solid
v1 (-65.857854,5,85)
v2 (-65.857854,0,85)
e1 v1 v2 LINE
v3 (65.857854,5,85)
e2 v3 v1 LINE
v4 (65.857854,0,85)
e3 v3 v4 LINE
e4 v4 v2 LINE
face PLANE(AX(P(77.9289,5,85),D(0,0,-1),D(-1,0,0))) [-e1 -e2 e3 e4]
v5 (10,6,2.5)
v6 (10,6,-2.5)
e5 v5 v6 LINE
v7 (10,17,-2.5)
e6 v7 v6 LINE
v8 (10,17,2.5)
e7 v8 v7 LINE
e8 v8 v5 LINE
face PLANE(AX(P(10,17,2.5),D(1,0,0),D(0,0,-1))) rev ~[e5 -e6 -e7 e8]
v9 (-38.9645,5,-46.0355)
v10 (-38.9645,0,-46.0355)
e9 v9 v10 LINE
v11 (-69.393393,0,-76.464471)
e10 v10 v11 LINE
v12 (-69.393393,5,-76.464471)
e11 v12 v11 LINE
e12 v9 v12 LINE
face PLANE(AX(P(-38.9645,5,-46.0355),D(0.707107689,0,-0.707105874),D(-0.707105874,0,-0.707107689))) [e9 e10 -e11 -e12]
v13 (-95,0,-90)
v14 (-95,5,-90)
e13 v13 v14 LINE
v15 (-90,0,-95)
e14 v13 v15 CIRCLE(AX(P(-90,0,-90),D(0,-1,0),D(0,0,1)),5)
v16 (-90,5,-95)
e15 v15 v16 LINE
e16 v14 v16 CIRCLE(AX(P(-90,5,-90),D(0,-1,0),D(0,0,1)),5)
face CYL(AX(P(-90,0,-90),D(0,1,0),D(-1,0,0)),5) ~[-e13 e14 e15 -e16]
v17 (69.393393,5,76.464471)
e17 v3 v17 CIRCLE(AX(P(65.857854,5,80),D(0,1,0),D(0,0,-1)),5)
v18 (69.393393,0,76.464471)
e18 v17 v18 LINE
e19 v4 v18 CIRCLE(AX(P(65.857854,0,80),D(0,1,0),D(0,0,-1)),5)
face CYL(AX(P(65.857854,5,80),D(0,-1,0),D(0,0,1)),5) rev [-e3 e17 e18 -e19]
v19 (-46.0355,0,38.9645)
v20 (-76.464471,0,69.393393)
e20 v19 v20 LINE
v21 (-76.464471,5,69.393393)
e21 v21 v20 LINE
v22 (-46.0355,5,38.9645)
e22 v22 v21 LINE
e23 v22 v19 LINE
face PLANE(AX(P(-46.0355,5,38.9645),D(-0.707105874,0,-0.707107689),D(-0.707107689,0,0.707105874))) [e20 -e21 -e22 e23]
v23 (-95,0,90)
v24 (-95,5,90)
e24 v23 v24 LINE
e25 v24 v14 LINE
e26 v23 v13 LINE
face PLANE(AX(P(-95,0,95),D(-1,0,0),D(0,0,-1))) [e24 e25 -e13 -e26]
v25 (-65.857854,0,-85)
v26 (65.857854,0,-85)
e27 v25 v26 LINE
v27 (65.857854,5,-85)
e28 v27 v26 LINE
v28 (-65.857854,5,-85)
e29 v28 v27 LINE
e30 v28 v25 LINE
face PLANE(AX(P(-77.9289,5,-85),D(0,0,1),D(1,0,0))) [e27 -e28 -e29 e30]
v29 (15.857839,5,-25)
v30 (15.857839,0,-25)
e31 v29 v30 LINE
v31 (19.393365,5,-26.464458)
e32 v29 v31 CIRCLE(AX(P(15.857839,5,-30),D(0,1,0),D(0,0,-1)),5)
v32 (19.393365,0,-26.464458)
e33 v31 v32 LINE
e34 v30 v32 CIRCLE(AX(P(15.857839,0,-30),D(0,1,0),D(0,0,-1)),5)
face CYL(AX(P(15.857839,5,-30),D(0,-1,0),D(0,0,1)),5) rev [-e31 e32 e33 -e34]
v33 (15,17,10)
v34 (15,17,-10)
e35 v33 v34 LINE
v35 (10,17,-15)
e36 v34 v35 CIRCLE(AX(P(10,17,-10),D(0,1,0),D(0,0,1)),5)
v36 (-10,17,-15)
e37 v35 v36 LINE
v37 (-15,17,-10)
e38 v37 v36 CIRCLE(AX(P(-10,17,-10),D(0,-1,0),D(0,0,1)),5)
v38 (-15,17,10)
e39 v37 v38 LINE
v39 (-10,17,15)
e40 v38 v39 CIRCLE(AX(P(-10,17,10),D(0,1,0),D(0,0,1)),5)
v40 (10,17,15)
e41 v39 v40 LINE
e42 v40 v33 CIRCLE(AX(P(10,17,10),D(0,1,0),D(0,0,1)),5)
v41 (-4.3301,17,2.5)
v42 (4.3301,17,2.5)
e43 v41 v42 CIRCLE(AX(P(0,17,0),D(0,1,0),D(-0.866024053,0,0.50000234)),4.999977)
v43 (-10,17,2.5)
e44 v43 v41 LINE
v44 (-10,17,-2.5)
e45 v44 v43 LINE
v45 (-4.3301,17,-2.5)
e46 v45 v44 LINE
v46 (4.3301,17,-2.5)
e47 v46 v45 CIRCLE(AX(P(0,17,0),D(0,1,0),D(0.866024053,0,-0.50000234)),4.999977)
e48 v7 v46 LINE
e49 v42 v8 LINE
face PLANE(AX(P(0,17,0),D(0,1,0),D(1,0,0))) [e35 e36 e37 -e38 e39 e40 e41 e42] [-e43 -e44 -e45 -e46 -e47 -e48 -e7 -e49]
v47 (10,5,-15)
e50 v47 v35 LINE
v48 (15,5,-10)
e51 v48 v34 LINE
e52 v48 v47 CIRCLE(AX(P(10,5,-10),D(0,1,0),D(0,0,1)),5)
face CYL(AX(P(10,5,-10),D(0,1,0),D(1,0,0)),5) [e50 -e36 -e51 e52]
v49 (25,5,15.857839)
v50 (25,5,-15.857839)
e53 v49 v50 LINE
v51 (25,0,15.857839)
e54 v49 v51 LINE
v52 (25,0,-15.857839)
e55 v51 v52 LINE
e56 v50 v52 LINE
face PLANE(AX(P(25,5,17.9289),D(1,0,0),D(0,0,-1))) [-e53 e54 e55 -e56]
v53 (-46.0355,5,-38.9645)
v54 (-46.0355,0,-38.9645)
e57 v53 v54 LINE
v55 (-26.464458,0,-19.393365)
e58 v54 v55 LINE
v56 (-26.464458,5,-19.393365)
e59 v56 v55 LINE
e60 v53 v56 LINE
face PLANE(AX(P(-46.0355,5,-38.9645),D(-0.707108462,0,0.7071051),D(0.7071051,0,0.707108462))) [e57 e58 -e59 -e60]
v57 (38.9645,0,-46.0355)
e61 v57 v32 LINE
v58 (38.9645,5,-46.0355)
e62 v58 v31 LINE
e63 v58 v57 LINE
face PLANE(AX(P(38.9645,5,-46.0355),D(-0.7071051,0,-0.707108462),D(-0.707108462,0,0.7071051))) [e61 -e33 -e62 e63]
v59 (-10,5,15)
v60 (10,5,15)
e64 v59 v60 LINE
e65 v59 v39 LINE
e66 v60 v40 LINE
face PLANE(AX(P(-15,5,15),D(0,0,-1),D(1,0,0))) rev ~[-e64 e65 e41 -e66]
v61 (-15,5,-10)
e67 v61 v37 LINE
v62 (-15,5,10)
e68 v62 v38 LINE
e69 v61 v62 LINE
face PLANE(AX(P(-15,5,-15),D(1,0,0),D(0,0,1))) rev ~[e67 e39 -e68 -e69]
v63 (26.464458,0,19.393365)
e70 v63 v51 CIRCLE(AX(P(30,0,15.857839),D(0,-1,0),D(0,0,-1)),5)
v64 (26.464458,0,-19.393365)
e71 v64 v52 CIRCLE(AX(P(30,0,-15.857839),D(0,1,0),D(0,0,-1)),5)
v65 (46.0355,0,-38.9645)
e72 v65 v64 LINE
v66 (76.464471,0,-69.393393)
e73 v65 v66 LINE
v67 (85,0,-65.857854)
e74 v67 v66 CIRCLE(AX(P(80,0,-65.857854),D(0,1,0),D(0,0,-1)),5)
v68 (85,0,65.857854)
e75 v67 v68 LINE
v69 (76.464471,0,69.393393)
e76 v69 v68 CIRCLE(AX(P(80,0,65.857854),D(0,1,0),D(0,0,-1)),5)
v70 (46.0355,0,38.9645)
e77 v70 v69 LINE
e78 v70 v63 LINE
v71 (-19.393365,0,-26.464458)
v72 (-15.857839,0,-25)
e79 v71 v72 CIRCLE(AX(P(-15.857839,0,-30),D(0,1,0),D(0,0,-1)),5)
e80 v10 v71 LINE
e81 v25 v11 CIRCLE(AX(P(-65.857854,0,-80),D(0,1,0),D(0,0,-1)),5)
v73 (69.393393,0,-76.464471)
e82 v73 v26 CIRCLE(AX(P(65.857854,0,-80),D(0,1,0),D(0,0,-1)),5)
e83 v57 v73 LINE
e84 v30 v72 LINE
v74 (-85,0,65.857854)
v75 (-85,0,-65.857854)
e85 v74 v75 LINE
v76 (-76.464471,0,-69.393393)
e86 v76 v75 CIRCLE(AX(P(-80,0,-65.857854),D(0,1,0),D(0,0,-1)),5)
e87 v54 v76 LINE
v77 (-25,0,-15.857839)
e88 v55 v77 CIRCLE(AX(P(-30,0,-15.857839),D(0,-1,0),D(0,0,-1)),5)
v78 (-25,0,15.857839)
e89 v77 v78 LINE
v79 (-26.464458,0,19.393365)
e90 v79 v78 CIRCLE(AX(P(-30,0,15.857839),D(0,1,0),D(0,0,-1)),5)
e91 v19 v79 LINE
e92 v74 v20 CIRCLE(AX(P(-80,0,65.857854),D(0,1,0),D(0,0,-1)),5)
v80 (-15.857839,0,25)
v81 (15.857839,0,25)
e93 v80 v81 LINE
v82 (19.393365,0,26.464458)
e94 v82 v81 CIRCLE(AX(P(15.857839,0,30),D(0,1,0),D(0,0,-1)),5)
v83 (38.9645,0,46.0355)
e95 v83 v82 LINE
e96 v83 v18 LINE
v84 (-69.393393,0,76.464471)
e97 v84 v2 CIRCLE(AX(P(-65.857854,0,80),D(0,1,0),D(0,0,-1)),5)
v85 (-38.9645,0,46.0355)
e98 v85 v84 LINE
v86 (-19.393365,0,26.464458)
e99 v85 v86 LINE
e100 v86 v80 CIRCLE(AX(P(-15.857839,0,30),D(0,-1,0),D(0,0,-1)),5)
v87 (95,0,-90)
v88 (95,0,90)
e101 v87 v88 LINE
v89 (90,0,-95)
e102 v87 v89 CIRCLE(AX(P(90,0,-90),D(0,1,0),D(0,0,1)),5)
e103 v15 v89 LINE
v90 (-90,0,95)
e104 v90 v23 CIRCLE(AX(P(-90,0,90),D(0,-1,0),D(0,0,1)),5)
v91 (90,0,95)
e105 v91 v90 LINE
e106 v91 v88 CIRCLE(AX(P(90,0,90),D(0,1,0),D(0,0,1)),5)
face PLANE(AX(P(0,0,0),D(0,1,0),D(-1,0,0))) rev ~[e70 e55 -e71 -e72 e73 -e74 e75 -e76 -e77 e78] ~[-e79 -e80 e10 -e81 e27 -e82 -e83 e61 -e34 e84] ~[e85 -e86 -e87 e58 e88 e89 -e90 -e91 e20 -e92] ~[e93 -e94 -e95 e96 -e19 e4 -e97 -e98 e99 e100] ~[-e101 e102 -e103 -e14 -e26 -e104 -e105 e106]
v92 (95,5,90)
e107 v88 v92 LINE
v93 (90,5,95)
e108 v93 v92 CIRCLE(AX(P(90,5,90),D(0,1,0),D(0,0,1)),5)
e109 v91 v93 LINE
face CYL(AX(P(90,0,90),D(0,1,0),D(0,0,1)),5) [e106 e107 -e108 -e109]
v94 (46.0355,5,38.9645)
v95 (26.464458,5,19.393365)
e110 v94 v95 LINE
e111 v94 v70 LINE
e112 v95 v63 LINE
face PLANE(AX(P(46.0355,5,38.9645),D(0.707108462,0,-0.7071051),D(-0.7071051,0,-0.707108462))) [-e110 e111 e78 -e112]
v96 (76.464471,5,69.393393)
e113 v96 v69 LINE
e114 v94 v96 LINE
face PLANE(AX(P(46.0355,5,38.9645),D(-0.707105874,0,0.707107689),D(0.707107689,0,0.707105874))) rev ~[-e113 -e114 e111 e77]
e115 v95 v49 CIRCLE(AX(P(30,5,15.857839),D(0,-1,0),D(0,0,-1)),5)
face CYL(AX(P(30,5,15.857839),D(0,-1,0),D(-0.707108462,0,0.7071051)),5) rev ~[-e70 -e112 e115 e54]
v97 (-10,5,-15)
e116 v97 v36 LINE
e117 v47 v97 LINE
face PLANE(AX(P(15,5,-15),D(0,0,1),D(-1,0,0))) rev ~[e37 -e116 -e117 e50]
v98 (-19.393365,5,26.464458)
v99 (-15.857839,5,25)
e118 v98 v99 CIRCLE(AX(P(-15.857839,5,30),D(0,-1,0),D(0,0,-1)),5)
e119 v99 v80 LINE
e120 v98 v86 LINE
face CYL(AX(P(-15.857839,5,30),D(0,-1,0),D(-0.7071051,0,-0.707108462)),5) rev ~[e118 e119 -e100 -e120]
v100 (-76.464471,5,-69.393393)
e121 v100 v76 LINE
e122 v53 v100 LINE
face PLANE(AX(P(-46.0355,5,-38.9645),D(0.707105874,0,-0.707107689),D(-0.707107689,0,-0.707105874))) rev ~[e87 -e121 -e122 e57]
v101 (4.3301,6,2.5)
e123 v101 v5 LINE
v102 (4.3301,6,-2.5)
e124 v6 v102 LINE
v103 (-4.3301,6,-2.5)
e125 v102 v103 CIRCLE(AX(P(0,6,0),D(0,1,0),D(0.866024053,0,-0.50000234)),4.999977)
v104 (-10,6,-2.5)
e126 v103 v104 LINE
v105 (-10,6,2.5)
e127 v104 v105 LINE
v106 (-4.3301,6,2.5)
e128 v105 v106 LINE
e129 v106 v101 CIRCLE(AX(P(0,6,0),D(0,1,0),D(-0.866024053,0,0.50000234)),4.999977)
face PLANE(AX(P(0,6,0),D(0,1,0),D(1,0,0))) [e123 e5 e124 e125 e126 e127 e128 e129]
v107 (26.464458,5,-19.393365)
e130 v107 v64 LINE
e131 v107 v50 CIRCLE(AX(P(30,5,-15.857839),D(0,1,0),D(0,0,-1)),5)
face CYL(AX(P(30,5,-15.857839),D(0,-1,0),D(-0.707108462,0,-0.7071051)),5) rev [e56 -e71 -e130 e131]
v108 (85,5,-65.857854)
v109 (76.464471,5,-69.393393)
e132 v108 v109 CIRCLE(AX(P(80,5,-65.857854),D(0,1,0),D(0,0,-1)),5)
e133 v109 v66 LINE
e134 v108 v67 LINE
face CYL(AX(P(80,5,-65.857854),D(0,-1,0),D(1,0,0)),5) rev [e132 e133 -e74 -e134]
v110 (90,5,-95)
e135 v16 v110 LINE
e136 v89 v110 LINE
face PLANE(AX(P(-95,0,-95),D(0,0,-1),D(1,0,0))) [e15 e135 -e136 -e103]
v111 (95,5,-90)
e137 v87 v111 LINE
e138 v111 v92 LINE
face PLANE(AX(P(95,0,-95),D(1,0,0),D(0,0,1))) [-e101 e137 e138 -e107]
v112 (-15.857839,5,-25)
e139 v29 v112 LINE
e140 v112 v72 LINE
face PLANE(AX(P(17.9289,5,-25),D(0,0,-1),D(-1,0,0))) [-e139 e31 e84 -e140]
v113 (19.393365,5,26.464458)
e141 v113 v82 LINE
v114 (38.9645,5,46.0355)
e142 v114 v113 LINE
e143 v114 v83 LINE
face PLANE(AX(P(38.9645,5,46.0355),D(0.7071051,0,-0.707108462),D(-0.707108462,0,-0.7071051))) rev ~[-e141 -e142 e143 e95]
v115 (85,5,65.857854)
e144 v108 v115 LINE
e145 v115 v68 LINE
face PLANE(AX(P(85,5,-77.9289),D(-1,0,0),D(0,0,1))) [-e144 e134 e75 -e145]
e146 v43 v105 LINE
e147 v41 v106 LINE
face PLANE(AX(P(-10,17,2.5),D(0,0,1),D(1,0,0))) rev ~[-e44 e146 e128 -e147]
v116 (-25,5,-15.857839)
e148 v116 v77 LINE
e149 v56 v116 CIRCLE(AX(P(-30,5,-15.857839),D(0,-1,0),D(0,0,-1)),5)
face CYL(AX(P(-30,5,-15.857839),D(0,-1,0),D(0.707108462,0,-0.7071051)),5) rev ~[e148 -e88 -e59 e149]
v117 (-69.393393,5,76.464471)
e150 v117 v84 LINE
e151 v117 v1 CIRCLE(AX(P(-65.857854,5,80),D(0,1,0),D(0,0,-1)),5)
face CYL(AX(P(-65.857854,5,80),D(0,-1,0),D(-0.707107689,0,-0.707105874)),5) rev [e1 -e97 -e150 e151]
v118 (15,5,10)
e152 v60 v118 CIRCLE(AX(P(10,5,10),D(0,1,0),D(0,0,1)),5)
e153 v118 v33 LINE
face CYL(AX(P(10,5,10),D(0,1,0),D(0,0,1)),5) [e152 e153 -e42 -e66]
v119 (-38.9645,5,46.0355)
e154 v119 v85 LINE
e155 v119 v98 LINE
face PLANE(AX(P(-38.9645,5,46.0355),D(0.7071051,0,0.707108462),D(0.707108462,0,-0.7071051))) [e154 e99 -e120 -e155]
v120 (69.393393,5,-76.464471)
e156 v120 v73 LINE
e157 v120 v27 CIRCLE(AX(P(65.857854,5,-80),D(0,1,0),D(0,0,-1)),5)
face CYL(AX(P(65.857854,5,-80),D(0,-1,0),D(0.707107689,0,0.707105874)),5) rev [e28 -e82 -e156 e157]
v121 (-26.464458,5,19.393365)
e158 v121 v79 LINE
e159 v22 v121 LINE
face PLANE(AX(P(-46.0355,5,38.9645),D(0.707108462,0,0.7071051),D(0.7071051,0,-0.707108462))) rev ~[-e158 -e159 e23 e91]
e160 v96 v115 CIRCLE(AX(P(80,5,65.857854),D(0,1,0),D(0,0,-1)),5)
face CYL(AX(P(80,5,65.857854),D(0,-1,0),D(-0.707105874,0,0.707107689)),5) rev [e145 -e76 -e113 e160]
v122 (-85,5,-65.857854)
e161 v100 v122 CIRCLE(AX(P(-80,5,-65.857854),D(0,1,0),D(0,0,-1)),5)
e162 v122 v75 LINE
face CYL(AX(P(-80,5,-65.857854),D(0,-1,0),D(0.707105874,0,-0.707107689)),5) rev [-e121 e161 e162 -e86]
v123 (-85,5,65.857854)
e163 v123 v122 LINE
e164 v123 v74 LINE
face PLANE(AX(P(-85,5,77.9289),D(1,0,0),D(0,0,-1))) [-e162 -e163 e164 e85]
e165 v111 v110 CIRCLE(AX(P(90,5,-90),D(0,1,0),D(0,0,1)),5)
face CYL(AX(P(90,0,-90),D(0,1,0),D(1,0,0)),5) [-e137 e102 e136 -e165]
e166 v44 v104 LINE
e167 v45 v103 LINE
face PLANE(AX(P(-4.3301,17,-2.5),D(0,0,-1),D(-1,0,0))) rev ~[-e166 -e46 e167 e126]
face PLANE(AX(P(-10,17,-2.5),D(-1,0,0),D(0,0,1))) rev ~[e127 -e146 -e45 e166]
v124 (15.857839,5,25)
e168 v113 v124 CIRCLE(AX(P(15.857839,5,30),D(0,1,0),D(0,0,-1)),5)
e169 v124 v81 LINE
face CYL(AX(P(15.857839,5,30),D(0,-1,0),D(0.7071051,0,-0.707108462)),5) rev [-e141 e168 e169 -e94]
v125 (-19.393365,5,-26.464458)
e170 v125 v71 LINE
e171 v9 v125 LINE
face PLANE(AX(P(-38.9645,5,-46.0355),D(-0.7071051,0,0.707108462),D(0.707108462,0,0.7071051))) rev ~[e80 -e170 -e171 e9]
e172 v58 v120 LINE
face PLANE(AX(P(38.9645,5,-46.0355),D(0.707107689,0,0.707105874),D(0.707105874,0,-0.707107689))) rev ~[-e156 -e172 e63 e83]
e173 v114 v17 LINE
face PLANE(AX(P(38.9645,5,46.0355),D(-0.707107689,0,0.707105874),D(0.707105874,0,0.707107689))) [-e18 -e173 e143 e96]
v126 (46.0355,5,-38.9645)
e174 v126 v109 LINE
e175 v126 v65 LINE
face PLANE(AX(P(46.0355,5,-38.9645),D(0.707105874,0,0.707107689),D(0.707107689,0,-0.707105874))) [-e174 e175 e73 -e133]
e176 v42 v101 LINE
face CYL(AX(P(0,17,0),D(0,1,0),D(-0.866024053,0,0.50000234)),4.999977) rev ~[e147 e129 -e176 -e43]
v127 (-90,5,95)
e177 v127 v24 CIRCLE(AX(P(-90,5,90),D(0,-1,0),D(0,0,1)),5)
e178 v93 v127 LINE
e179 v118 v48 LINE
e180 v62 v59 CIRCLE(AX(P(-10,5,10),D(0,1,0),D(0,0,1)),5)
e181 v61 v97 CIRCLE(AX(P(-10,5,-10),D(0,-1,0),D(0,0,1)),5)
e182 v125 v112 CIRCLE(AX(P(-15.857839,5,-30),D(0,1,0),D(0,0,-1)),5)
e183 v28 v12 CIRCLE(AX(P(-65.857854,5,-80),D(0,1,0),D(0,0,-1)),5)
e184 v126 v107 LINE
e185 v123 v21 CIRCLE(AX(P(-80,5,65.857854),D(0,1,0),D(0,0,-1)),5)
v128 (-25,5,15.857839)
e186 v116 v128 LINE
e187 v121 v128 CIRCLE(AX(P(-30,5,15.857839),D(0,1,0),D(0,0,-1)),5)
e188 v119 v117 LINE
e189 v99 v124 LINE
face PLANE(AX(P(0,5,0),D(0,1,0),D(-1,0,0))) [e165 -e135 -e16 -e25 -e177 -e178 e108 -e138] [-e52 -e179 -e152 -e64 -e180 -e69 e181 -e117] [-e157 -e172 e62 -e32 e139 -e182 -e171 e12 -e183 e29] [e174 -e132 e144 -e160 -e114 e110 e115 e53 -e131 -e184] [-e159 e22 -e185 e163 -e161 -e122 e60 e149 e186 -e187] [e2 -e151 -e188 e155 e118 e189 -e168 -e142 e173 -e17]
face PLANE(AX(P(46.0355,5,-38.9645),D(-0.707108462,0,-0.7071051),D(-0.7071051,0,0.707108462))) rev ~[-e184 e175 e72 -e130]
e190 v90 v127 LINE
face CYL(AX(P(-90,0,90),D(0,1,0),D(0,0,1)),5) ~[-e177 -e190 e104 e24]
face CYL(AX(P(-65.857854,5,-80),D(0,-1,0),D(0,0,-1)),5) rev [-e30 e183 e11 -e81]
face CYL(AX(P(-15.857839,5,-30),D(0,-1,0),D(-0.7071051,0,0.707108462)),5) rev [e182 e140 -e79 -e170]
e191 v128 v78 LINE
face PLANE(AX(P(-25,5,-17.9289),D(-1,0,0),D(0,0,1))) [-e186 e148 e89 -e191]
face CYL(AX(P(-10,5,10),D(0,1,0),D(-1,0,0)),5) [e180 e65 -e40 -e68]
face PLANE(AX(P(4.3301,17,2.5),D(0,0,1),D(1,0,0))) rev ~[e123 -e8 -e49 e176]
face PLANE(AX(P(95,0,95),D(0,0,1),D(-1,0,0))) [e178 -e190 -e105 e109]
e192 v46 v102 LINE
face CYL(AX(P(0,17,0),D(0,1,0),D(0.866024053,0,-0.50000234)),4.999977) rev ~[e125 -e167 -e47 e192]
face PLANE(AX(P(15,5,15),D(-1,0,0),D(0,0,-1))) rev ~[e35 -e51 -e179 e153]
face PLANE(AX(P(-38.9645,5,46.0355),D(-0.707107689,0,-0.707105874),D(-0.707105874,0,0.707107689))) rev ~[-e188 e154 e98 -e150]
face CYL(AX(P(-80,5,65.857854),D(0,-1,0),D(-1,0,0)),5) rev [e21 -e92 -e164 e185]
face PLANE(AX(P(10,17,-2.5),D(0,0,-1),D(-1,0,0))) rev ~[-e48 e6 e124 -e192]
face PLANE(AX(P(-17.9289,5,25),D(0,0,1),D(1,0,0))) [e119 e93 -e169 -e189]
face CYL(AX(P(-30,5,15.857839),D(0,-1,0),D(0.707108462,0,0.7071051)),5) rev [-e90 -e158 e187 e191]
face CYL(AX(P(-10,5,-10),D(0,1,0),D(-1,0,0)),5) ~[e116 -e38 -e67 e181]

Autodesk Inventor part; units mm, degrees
ref_plane "YZ Plane" through (0, 0, 0) normal (1, 0, 0) x (0, 1, 0)
ref_plane "XZ Plane" through (0, 0, 0) normal (0, 1, 0) x (-1, 0, 0)
ref_plane "XY Plane" through (0, 0, 0) normal (0, 0, 1) x (1, 0, 0)
sketch "Sketch1" plane through (0, 0, 0) normal (0, 1, 0) x (-1, 0, 0)
  line L0 (-95, 95) -> (95, 95)
  line L1 (95, 95) -> (95, -95)
  line L2 (95, -95) -> (-95, -95)
  line L3 (-95, -95) -> (-95, 95)
  line L4 (-95, 95) -> (95, -95) construction
  line L5 (95, 95) -> (-95, -95) construction
  point P0 (0, 0)
  dimension "d0" = 190
  dimension "d1" = 190
extrude "Extrusion1" add sketch "Sketch1" along normal blind 5
sketch "Sketch2" plane through (0, 5, 0) normal (0, 1, 0) x (1, 0, 0)
  line L0 (-15, -15) -> (15, -15)
  line L1 (15, -15) -> (15, 15)
  line L2 (15, 15) -> (-15, 15)
  line L3 (-15, 15) -> (-15, -15)
  line L4 (-15, -15) -> (15, 15) construction
  line L5 (15, -15) -> (-15, 15) construction
  point P0 (0, 0)
  dimension "d4" = 30
  dimension "d5" = 30
extrude "Extrusion2" add sketch "Sketch2" along normal blind 12
sketch "Sketch3" plane through (0, 17, 0) normal (0, 1, 0) x (1, 0, 0)
  line L0 (-10, -2.5) -> (-4.3301, -2.5)
  line L1 (10, -2.5) -> (10, 2.5)
  line L2 (10, 2.5) -> (4.3301, 2.5)
  line L3 (-10, 2.5) -> (-10, -2.5)
  line L4 (-10, -2.5) -> (10, 2.5) construction
  line L5 (10, -2.5) -> (-10, 2.5) construction
  arc A0 (-4.3301, -2.5) -> (4.3301, -2.5) centre (0, 0) ccw
  arc A1 (4.3301, 2.5) -> (-4.3301, 2.5) centre (0, 0) ccw
  line L6 (4.3301, -2.5) -> (10, -2.5)
  line L7 (-4.3301, 2.5) -> (-10, 2.5)
  dimension "d9" = 20
  dimension "d10" = 5
extrude "Extrusion3" cut sketch "Sketch3" against normal blind 11
fillet "Fillet1" radius 5 4 edges at (-95, 2.5, 95) (-95, 2.5, -95) (95, 2.5, 95) (95, 2.5, -95)
fillet "Fillet2" radius 5 4 edges at (-15, 11, 15) (15, 11, 15) (15, 11, -15) (-15, 11, -15)
sketch "Sketch5" plane through (0, 5, 0) normal (0, 1, 0) x (1, 0, 0)
  line L0 (-15, -10) -> (-15, 10) projected
  arc A0 (-10, 15) -> (-15, 10) centre (-10, 10) ccw projected
  line L1 (-10, 15) -> (10, 15) projected
  arc A1 (15, 10) -> (10, 15) centre (10, 10) ccw projected
  line L2 (15, 10) -> (15, -10) projected
  arc A2 (10, -15) -> (15, -10) centre (10, -10) ccw projected
  line L3 (10, -15) -> (-10, -15) projected
  arc A3 (-15, -10) -> (-10, -15) centre (-10, -10) ccw projected
  arc A4 (95, 90) -> (90, 95) centre (90, 90) ccw projected
  line L4 (90, 95) -> (-90, 95) projected
  arc A5 (-90, 95) -> (-95, 90) centre (-90, 90) ccw projected
  line L5 (-95, 90) -> (-95, -90) projected
  arc A6 (-95, -90) -> (-90, -95) centre (-90, -90) ccw projected
  line L6 (-90, -95) -> (90, -95) projected
  arc A7 (90, -95) -> (95, -90) centre (90, -90) ccw projected
  line L7 (95, -90) -> (95, 90) projected
  arc A8 (15, 10) -> (10, 15) centre (10, 10) ccw projected
  line L8 (38.9645, 46.0355) -> (17.9289, 25)
  line L9 (38.9645, 46.0355) -> (77.9289, 85)
  line L10 (-38.9645, 46.0355) -> (-17.9289, 25)
  line L11 (-38.9645, 46.0355) -> (-77.9289, 85)
  line L12 (-77.9289, 85) -> (77.9289, 85)
  line L13 (17.9289, 25) -> (-17.9289, 25)
  line L14 (-4.3301, -2.5) -> (-10, -2.5) projected
  arc A9 (-4.3301, -2.5) -> (4.3301, -2.5) centre (0, 0) ccw projected
  line L15 (10, -2.5) -> (4.3301, -2.5) projected
  line L16 (10, 2.5) -> (10, -2.5) projected
  line L17 (4.3301, 2.5) -> (10, 2.5) projected
  arc A10 (4.3301, 2.5) -> (-4.3301, 2.5) centre (0, 0) ccw projected
  line L18 (-10, 2.5) -> (-4.3301, 2.5) projected
  line L19 (-10, -2.5) -> (-10, 2.5) projected
  line L20 (-4.3301, -2.5) -> (-10, -2.5) projected
  arc A11 (-4.3301, -2.5) -> (4.3301, -2.5) centre (0, 0) ccw projected
  line L21 (10, -2.5) -> (4.3301, -2.5) projected
  line L22 (10, 2.5) -> (10, -2.5) projected
  line L23 (4.3301, 2.5) -> (10, 2.5) projected
  arc A12 (4.3301, 2.5) -> (-4.3301, 2.5) centre (0, 0) ccw projected
  line L24 (-10, 2.5) -> (-4.3301, 2.5) projected
  line L25 (-10, -2.5) -> (-10, 2.5) projected
  arc A13 (4.3301, 2.5) -> (-4.3301, 2.5) centre (0, 0) ccw projected
  arc A14 (-4.3301, -2.5) -> (4.3301, -2.5) centre (0, 0) ccw projected
  line L26 (25, -17.9289) -> (25, 17.9289)
  line L27 (85, 77.9289) -> (85, -77.9289)
  line L28 (46.0355, -38.9645) -> (25, -17.9289)
  line L29 (46.0355, -38.9645) -> (85, -77.9289)
  line L30 (46.0355, 38.9645) -> (85, 77.9289)
  line L31 (46.0355, 38.9645) -> (25, 17.9289)
  line L32 (-17.9289, -25) -> (17.9289, -25)
  line L33 (77.9289, -85) -> (-77.9289, -85)
  line L34 (-38.9645, -46.0355) -> (-17.9289, -25)
  line L35 (-38.9645, -46.0355) -> (-77.9289, -85)
  line L36 (38.9645, -46.0355) -> (77.9289, -85)
  line L37 (38.9645, -46.0355) -> (17.9289, -25)
  line L38 (-25, 17.9289) -> (-25, -17.9289)
  line L39 (-85, -77.9289) -> (-85, 77.9289)
  line L40 (-46.0355, 38.9645) -> (-25, 17.9289)
  line L41 (-46.0355, 38.9645) -> (-85, 77.9289)
  line L42 (-46.0355, -38.9645) -> (-85, -77.9289)
  line L43 (-46.0355, -38.9645) -> (-25, -17.9289)
  dimension "d24" = 360
extrude "Extrusion4" cut sketch "Sketch5" against normal blind 32.75 contours L8 L13 L10 L11 L12 L9 | L26 L31 L30 L27 L29 L28 | L32 L37 L36 L33 L35 L34 | L38 L43 L42 L39 L41 L40
fillet "Fillet3" radius 5 16 edges at (85, 2.5, -77.9289) (77.9289, 2.5, -85) (-85, 2.5, -77.9289) (-77.9289, 2.5, -85) (-17.9289, 2.5, -25) (17.9289, 2.5, -25) (-25, 2.5, -17.9289) (-17.9289, 2.5, 25) (17.9289, 2.5, 25) (85, 2.5, 77.9289) (77.9289, 2.5, 85) (-77.9289, 2.5, 85) (-85, 2.5, 77.9289) (-25, 2.5, 17.9289) (25, 2.5, 17.9289) (25, 2.5, -17.9289)
properties part number "Base"
